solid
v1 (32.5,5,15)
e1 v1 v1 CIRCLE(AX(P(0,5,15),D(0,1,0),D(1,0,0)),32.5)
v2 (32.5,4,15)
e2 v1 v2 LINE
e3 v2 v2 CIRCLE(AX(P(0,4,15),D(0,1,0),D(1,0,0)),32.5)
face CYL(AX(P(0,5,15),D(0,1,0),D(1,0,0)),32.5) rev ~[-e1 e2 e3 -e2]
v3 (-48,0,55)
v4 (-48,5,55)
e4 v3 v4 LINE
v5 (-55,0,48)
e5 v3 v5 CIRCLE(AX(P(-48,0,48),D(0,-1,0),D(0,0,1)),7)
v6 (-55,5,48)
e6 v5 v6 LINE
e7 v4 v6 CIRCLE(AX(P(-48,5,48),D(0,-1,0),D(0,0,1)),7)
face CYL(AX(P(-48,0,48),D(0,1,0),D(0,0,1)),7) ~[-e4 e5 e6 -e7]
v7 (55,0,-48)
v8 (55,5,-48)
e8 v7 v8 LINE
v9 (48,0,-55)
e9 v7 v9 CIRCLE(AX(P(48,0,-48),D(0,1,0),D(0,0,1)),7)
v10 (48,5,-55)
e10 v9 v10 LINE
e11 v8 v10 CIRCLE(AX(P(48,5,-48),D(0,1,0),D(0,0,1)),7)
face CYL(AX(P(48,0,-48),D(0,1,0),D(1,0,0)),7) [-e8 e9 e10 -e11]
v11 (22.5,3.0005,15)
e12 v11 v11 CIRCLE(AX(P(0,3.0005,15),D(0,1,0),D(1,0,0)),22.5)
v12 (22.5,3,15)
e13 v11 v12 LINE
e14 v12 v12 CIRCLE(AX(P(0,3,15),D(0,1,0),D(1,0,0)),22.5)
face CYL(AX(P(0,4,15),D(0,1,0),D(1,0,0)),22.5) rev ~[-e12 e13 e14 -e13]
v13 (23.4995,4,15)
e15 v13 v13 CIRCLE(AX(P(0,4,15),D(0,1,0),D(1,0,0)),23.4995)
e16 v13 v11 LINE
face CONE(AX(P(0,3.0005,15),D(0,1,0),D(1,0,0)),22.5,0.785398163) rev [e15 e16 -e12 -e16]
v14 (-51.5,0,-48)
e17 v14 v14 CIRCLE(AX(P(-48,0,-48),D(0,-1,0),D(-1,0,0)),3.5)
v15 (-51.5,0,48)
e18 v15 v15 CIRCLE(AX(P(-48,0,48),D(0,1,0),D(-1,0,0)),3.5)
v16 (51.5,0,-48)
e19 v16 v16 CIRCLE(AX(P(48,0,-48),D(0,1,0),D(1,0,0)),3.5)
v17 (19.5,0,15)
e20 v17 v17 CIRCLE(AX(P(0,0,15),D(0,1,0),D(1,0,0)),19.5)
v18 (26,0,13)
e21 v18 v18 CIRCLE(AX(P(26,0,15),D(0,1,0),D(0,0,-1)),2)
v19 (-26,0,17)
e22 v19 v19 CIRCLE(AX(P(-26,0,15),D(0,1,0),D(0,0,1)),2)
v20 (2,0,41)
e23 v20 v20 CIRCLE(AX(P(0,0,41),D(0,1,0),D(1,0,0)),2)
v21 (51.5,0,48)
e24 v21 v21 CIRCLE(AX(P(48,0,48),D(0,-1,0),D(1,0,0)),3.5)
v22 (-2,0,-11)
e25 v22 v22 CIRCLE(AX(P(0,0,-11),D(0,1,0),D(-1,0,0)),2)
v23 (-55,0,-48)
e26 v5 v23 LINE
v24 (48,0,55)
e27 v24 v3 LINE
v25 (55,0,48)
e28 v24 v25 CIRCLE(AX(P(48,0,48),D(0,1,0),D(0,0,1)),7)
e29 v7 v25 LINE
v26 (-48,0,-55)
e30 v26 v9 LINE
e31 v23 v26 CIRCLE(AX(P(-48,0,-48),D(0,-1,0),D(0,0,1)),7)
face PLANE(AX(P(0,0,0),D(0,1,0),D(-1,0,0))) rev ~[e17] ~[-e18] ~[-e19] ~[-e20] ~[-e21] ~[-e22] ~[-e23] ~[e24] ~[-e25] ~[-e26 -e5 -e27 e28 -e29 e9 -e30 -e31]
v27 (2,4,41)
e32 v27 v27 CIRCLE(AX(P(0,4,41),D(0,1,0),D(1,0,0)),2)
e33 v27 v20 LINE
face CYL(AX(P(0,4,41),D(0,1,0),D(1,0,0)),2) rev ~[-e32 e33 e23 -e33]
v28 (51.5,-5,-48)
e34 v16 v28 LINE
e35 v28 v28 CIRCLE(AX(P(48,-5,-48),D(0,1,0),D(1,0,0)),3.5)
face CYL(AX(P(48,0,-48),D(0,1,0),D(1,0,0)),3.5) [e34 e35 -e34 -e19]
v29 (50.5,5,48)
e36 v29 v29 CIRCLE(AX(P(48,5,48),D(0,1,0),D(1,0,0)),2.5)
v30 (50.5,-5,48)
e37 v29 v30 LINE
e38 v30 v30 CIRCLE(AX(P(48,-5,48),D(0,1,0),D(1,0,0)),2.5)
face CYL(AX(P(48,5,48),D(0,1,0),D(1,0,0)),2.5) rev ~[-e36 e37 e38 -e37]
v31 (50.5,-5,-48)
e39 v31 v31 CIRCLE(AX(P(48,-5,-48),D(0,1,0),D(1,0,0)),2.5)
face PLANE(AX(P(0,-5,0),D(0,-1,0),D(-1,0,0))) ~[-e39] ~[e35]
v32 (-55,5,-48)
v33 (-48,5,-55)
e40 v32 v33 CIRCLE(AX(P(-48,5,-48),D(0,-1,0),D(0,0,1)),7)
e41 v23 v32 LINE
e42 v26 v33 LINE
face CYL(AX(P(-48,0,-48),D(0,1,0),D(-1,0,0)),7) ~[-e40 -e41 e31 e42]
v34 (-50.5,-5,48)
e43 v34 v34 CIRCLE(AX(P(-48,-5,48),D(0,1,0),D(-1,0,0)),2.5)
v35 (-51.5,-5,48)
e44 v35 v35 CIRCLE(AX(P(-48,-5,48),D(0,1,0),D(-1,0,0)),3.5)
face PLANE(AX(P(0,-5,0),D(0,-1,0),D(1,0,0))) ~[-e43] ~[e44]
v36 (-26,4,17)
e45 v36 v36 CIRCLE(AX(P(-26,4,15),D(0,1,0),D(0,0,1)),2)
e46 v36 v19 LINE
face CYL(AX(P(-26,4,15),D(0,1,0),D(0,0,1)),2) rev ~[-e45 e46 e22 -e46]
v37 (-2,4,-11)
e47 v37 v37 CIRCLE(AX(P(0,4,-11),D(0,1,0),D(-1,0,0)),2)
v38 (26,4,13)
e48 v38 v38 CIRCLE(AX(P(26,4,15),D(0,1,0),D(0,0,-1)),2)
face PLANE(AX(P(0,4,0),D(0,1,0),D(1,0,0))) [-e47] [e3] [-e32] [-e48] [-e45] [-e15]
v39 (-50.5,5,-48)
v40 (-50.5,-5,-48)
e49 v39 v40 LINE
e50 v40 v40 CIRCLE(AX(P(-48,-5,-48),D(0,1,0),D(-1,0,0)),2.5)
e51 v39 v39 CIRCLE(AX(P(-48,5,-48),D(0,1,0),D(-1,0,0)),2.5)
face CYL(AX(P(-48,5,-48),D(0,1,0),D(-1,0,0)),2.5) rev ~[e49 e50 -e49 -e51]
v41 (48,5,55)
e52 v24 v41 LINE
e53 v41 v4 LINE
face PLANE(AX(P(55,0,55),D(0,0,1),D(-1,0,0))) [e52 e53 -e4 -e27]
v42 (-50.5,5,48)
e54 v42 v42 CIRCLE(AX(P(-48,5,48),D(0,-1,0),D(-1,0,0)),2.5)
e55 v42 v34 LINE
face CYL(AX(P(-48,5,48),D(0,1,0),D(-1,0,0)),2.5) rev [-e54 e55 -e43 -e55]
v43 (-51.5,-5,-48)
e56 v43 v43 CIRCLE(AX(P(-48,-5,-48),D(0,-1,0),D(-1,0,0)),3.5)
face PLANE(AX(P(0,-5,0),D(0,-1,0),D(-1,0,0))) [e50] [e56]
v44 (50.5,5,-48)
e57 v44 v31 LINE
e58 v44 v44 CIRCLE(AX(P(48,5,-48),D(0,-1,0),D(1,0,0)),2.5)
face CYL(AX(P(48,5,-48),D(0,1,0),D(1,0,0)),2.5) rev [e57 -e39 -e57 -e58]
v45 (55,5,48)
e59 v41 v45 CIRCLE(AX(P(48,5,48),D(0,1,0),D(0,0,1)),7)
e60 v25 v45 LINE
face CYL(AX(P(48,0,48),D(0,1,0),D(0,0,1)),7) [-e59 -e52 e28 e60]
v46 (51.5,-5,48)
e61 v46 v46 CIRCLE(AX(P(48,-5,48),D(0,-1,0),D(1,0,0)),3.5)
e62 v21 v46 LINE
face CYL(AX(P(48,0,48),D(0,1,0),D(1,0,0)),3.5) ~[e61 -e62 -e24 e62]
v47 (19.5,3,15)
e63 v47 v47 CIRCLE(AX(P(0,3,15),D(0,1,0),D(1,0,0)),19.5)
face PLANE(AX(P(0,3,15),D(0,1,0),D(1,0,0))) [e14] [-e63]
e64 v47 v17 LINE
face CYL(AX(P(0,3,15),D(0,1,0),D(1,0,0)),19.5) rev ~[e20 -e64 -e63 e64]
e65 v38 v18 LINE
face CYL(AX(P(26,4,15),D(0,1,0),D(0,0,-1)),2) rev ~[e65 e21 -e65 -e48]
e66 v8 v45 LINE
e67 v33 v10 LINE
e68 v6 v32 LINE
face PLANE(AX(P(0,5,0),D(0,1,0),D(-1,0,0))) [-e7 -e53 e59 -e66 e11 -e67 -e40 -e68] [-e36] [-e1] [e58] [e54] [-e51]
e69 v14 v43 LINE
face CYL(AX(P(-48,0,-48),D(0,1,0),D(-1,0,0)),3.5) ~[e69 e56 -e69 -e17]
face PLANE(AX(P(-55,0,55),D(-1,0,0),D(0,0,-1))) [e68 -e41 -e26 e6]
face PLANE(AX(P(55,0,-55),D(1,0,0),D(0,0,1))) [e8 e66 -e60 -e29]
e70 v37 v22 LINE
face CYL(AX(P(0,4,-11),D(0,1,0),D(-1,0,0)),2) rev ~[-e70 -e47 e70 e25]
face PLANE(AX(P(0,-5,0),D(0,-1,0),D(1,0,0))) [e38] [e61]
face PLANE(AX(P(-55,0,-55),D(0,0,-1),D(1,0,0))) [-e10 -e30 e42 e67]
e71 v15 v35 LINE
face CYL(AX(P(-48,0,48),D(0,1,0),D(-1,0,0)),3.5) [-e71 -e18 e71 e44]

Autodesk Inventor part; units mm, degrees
ref_plane "YZ Plane" through (0, 0, 0) normal (1, 0, 0) x (0, 1, 0)
ref_plane "XZ Plane" through (0, 0, 0) normal (0, 1, 0) x (-1, 0, 0)
ref_plane "XY Plane" through (0, 0, 0) normal (0, 0, 1) x (1, 0, 0)
sketch "스케치1" plane through (0, 0, 0) normal (0, 1, 0) x (-1, 0, 0)
  line L0 (-55, 55) -> (55, 55)
  line L1 (55, 55) -> (55, -55)
  line L2 (55, -55) -> (-55, -55)
  line L3 (-55, -55) -> (-55, 55)
  line L4 (-55, 55) -> (55, -55) construction
  line L5 (55, 55) -> (-55, -55) construction
  point P0 (0, 0)
  dimension "d0" = 110
  dimension "d1" = 110
extrude "돌출1" add sketch "스케치1" along normal blind 5
fillet "모깎기1" radius 7 1 edges at (55, 2.5, 55)
fillet "모깎기2" radius 7 3 edges at (55, 2.5, -55) (-55, 2.5, -55) (-55, 2.5, 55)
sketch "스케치9" plane through (0, 5, 0) normal (0, 1, 0) x (1, 0, 0)
  circle A0 centre (0, -15) radius 32.5
  line L0 (42.9638, 0) -> (-42.9638, 0) construction
  point P0 (0, 0)
  dimension "d32" = 65
  dimension "d33" = 15
extrude "돌출9" cut sketch "스케치9" against normal blind 1
sketch "스케치10" plane through (0, 4, 15) normal (0, 1, 0) x (1, 0, 0)
  circle A0 centre (0, 0) radius 22.5
  point P0 (0, 15)
  dimension "d36" = 45
extrude "돌출10" cut sketch "스케치10" against normal blind 1
sketch "스케치11" plane through (0, 3, 15) normal (0, 1, 0) x (1, 0, 0)
  circle A0 centre (0, 0) radius 19.5
  point P0 (0, 15)
  dimension "d39" = 39
extrude "돌출11" cut sketch "스케치11" against normal through all
chamfer "모따기2" distance 1 angle 45 1 edges at (-22.5, 4, 15)
sketch "스케치12" plane through (0, 4, 15) normal (0, 1, 0) x (1, 0, 0)
  circle A0 centre (0, 0) radius 26 construction
  circle A1 centre (0, -26) radius 2
  point P0 (0, 15)
  dimension "d48" = 52
  dimension "d49" = 4
extrude "돌출12" cut sketch "스케치12" against normal blind 10
pattern_circular "원형 패턴1" count 4 over 360 about axis through (0, 3.5, 15) along (0, 1, 0) of "돌출12"
sketch "스케치15" plane through (0, 5, 0) normal (0, 1, 0) x (1, 0, 0)
  arc A0 (48, -55) -> (55, -48) centre (48, -48) ccw projected
  circle A1 centre (48, -48) radius 2.538
  circle A2 centre (48, -48) radius 2.5
  point P0 (0, 0)
  dimension "d58" = 5
sketch "스케치16" plane through (0, 0, 0) normal (0, -1, 0) x (1, 0, 0)
  circle A0 centre (48, 48) radius 3.5
  point P0 (0, 0)
  dimension "d55" = 7
extrude "돌출13" add sketch "스케치16" along normal blind 5
mirror "미러7" about plane through (0, 0, 0) normal (0, 0, 1) of "돌출13"
mirror "미러8" about plane through (0, 0, 0) normal (1, 0, 0) of "돌출13", "미러7"
extrude "돌출14" cut sketch "스케치15" against normal through all contours A2
mirror "미러9" about plane through (0, 0, 0) normal (0, 0, 1) of "돌출14"
mirror "미러10" about plane through (0, 0, 0) normal (1, 0, 0) of "돌출14", "미러9"
properties part number "연결부"
